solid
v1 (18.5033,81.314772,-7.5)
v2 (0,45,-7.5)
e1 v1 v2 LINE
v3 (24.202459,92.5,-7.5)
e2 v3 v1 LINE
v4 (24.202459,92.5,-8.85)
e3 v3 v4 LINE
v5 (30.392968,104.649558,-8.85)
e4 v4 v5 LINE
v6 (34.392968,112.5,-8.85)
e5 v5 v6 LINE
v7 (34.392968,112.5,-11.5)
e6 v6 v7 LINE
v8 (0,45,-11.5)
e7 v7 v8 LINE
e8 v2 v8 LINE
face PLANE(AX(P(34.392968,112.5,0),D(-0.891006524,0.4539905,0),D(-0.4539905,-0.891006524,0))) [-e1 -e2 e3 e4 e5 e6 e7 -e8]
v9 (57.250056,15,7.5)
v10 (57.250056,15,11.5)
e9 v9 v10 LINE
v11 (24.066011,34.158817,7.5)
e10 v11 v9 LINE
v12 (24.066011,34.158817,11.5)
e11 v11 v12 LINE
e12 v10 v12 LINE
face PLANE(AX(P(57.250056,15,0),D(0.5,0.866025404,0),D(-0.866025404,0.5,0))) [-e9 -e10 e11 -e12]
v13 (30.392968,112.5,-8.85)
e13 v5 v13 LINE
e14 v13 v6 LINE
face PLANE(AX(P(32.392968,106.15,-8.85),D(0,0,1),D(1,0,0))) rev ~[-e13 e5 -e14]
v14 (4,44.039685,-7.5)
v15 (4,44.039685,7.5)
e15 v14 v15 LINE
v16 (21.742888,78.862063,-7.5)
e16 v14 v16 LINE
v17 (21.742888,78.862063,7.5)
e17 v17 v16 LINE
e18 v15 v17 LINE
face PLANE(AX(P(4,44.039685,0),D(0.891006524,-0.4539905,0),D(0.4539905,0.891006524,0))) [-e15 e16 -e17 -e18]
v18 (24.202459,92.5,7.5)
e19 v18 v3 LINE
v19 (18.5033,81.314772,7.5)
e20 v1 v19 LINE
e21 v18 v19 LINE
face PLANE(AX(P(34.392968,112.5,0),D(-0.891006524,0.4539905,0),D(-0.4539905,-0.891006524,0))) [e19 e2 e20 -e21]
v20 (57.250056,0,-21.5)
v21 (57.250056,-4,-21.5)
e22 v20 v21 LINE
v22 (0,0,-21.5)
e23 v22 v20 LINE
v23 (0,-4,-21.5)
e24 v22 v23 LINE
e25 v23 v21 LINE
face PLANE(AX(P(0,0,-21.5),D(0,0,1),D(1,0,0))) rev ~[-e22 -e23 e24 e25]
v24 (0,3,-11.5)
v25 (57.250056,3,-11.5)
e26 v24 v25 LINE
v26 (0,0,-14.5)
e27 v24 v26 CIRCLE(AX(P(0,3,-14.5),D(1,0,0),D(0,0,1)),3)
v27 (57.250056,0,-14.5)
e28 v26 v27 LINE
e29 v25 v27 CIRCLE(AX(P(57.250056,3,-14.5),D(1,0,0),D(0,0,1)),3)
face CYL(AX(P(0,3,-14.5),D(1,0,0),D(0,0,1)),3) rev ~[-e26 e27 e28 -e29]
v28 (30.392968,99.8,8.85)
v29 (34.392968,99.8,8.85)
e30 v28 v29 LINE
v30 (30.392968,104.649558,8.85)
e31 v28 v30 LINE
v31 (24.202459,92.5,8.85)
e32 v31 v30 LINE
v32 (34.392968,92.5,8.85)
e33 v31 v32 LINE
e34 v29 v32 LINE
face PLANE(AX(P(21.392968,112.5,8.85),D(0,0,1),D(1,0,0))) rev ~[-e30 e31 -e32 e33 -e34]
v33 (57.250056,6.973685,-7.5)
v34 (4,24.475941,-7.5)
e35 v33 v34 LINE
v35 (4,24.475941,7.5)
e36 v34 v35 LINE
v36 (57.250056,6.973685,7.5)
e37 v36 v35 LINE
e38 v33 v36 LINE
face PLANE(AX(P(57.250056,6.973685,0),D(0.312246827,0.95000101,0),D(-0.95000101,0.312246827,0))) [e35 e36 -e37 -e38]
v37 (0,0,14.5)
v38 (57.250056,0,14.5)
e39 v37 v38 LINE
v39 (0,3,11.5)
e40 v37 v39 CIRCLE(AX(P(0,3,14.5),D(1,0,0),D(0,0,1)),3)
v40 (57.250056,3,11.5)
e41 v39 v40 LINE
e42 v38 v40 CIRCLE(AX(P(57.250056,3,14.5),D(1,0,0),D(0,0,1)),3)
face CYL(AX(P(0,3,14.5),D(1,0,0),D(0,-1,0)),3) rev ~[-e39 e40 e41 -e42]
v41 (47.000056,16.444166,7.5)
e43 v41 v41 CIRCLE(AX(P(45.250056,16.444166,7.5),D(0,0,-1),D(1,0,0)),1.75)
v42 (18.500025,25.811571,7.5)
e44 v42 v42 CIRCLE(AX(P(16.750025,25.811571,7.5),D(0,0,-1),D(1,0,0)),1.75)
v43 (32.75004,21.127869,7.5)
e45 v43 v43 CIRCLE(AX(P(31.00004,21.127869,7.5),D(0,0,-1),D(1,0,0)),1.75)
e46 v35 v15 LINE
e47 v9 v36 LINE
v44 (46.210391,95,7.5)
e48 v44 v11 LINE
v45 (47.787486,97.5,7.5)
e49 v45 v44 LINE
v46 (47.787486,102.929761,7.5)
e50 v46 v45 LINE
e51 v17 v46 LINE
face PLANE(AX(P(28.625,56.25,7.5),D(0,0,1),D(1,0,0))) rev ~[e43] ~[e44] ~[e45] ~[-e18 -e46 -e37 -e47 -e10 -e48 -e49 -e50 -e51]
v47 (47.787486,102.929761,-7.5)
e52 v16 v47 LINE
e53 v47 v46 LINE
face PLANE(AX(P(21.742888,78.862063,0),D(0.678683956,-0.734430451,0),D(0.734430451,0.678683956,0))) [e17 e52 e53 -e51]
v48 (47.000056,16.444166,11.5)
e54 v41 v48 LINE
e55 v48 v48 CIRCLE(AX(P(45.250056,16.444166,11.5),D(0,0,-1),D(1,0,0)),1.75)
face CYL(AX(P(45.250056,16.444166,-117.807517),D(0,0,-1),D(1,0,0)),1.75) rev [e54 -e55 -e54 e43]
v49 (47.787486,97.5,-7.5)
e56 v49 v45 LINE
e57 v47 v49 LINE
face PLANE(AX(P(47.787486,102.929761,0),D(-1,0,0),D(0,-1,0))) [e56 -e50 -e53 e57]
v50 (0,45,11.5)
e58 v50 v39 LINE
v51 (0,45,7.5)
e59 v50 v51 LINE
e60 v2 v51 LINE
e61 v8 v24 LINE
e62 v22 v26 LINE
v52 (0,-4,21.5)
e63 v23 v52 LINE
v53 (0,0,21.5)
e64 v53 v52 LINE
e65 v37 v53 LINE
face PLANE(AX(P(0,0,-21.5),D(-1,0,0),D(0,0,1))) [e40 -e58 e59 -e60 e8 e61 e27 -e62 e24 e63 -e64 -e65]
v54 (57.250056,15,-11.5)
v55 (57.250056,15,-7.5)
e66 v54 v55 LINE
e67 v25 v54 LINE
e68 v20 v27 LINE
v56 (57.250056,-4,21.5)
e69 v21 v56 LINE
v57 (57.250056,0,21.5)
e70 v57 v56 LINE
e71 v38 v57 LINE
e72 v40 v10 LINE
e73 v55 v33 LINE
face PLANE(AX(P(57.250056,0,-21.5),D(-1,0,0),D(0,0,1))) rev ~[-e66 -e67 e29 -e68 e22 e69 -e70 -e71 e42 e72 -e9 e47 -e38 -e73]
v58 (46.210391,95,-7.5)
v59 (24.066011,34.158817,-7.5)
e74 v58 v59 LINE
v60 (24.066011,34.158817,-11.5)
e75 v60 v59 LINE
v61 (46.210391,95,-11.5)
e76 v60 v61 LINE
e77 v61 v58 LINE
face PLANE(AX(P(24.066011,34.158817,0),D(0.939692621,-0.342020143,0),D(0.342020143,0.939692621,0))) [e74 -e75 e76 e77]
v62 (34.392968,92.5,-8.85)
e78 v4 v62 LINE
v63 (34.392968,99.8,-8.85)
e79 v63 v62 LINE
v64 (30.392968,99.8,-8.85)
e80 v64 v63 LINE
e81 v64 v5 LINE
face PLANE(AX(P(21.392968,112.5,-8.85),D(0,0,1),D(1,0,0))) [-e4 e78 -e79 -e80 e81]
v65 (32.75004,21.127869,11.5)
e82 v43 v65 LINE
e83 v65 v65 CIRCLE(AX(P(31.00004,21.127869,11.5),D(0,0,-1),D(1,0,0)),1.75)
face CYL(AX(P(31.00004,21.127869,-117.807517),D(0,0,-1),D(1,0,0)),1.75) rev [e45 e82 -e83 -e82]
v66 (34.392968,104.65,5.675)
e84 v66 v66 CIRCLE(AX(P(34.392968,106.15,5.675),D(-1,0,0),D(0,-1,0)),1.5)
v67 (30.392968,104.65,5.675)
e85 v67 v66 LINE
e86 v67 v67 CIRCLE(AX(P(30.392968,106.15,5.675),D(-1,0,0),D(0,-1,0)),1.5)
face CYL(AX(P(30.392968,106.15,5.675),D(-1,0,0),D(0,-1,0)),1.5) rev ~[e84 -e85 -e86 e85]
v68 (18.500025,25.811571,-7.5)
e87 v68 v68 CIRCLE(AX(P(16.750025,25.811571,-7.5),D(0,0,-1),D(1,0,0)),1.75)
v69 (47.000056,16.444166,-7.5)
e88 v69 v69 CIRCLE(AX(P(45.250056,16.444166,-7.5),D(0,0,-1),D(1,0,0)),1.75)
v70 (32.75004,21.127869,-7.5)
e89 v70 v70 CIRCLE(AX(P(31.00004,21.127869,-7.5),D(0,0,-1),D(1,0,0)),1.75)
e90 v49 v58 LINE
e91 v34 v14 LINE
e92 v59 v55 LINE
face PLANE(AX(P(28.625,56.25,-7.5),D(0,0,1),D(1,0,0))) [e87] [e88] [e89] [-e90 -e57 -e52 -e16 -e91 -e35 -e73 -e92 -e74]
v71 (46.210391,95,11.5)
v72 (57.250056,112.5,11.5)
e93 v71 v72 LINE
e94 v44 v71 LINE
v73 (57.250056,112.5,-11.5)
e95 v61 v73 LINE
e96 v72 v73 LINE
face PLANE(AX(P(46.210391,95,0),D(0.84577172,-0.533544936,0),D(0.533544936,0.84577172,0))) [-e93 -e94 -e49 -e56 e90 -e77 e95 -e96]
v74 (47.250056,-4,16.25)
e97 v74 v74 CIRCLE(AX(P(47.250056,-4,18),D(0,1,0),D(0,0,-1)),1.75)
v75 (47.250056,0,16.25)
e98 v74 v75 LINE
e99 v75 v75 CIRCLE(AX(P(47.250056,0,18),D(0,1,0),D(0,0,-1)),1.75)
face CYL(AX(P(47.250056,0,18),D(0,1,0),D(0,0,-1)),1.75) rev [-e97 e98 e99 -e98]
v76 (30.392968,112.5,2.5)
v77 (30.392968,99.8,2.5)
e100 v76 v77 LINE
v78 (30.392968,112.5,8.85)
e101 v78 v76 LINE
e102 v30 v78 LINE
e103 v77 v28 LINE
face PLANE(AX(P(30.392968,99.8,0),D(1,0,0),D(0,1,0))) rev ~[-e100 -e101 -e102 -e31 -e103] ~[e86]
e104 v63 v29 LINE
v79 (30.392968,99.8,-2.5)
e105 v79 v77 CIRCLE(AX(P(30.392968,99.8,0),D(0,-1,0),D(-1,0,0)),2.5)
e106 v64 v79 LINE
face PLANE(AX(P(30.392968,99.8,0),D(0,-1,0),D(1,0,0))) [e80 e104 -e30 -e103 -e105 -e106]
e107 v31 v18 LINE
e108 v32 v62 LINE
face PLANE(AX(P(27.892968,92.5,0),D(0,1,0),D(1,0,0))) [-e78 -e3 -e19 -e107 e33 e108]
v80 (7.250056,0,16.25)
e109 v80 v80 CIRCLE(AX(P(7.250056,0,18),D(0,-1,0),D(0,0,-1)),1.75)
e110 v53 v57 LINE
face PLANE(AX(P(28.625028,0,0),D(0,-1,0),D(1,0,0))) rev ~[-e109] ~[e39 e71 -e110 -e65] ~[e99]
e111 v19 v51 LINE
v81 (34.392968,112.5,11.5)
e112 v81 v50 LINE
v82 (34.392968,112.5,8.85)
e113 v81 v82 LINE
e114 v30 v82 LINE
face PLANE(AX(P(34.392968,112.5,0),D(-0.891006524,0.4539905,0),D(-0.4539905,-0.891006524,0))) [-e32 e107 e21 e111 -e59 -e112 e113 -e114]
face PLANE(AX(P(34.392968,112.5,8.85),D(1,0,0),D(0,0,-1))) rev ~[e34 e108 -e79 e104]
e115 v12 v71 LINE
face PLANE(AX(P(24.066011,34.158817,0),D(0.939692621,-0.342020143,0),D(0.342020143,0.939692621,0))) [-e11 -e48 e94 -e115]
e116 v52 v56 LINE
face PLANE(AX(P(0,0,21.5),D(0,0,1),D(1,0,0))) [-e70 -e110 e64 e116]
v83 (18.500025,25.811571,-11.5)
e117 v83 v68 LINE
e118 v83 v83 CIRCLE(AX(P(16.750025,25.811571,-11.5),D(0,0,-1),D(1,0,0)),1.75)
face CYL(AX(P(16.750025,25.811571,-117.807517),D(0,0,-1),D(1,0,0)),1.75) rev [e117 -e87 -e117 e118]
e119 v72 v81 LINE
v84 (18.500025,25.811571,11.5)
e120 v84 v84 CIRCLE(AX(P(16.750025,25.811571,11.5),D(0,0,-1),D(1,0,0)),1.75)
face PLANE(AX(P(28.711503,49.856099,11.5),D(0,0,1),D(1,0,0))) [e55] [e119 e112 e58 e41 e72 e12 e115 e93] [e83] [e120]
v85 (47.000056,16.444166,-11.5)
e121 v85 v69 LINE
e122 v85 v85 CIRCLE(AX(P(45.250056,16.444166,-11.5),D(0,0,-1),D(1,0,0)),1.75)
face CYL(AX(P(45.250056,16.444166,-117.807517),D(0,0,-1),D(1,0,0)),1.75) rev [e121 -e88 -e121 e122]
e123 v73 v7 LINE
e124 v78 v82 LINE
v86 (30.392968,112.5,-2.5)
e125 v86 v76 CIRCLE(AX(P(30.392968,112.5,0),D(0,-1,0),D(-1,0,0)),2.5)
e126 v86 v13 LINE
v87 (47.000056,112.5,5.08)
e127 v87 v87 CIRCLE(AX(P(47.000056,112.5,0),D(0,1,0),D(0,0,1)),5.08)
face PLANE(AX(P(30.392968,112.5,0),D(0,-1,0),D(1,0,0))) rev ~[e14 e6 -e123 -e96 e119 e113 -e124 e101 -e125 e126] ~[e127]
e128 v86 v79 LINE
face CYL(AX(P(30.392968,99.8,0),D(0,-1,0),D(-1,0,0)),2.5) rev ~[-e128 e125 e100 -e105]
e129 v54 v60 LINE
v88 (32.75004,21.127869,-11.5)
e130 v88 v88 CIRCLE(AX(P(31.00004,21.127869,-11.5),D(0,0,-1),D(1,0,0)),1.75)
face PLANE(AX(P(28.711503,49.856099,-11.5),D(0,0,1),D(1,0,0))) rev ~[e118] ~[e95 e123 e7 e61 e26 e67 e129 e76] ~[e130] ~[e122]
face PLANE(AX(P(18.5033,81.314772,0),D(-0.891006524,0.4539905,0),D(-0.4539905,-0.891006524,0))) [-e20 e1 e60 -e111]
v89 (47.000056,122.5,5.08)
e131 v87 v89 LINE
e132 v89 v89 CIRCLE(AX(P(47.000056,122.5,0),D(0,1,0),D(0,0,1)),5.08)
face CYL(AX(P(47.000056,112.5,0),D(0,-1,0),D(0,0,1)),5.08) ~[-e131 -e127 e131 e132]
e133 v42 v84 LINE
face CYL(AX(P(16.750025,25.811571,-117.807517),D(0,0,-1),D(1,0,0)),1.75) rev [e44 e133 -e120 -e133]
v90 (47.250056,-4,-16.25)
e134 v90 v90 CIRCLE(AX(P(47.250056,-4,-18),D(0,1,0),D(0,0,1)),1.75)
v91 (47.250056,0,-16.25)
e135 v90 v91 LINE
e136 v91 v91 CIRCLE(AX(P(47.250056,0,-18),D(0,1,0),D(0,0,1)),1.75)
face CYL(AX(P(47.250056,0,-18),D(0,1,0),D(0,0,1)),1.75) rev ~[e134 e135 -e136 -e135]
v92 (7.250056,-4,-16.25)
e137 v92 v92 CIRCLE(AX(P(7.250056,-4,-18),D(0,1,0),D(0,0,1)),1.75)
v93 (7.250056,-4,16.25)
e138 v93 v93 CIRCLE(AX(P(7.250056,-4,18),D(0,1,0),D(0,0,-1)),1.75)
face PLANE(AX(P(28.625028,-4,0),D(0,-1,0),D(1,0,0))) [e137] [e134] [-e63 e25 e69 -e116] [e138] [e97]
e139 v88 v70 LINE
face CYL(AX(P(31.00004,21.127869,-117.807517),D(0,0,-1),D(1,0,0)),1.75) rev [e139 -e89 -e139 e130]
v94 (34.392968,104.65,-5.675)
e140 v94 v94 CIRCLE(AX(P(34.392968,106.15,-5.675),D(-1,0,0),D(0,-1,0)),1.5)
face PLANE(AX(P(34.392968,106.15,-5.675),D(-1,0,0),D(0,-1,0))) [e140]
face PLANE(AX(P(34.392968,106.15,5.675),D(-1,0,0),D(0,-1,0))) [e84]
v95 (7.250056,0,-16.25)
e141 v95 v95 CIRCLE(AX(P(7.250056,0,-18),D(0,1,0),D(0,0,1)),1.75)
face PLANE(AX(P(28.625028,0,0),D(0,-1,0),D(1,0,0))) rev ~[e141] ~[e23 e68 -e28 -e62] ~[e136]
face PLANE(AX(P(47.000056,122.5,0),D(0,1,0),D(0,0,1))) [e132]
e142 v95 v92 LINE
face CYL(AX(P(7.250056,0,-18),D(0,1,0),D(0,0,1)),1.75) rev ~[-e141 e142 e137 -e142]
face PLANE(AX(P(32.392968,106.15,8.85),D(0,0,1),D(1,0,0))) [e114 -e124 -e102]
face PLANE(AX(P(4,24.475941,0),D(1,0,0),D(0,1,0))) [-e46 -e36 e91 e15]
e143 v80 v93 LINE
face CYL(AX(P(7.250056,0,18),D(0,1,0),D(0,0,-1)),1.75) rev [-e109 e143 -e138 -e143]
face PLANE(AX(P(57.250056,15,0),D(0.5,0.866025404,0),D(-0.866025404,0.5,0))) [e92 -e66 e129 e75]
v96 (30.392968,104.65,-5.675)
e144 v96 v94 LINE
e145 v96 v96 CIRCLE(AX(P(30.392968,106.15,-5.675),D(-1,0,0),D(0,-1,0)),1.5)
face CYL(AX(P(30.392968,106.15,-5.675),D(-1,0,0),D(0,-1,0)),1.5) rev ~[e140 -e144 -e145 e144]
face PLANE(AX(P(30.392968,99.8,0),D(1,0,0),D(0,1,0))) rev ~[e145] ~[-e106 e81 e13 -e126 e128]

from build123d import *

# Parameters (mm, degrees)
BOSS_EXTRUDE1_DEPTH     = 11.5
SKETCH2_OUTSIDE_W       = 84.912
SKETCH2_OUTSIDE_H       = 140.162
CUT_EXTRUDE2_DEPTH      = 7.5
CUT_EXTRUDE3_DEPTH      = 129.307516771
CUT_EXTRUDE3_DEPTH_BACK = 129.307516771
SKETCH4_R               = 1.75
SKETCH5_W               = 57.250055546
SKETCH5_H               = 43
BOSS_EXTRUDE2_DEPTH     = 4
SKETCH6_R               = 1.75
CUT_EXTRUDE4_DEPTH      = 129.047135306
FILLET1_R               = 3
SKETCH7_R               = 5.08
BOSS_EXTRUDE3_DEPTH     = 10
SKETCH11_W              = 13
SKETCH11_H              = 17.7
CUT_EXTRUDE7_DEPTH      = 20
SKETCH8_W               = 4
SKETCH8_H               = 12.7
BOSS_EXTRUDE4_DEPTH     = 8.85
SKETCH9_R               = 2.5
CUT_EXTRUDE5_DEPTH      = 116.967836159
SKETCH10_R              = 1.5
CUT_EXTRUDE6_DEPTH      = 4


with BuildPart() as part:
    # Sketch1 → Boss-Extrude1 (new, symmetric)
    with BuildSketch(Plane.XY):
        Polygon((0, 45), (0, 0), (57.250055546, 0), (57.250055546, 15), (24.066011022, 34.158817039), (46.210390637, 95), (57.250055546, 112.5), (34.392967841, 112.5), align=None)
    extrude(amount=BOSS_EXTRUDE1_DEPTH, both=True)

    # Sketch2 outside → Cut-Extrude2 (cut, symmetric)
    with BuildSketch(Plane.XY):
        with Locations((28.625, 56.25)):
            Rectangle(SKETCH2_OUTSIDE_W, SKETCH2_OUTSIDE_H)
        Polygon((4, 44.039684964), (21.742887775, 78.862062909), (47.787485624, 102.92976146), (47.787485624, 97.5), (57.250055546, 112.5), (52.250055546, 112.5), (18.50330035, 81.314771653), (0, 45), (0, 0), (57.250055546, 0), (57.250055546, 6.97368477), (4, 24.475940791), align=None, mode=Mode.SUBTRACT)
        Polygon((18.50330035, 81.314771653), (52.250055546, 112.5), (34.392967841, 112.5), align=None, mode=Mode.SUBTRACT)
    extrude(amount=CUT_EXTRUDE2_DEPTH, both=True, mode=Mode.SUBTRACT)

    # Sketch4 → Cut-Extrude3 (cut, two sides: drawn at the far end of the back side and taken through both)
    with BuildSketch(Plane.XY.offset(11.5).offset(-CUT_EXTRUDE3_DEPTH_BACK)):
        with Locations((45.250055546, 16.444166257)):
            Circle(SKETCH4_R)
        with Locations((31.000040397, 21.127868666)):
            Circle(SKETCH4_R)
        with Locations((16.750025248, 25.811571075)):
            Circle(SKETCH4_R)
    extrude(amount=CUT_EXTRUDE3_DEPTH + CUT_EXTRUDE3_DEPTH_BACK, mode=Mode.SUBTRACT)

    # Sketch5 → Boss-Extrude2 (add)
    with BuildSketch(Plane.XZ):
        with Locations((28.625027773, 0)):
            Rectangle(SKETCH5_W, SKETCH5_H)
    extrude(amount=BOSS_EXTRUDE2_DEPTH)

    # Sketch6 → Cut-Extrude4 (cut, symmetric)
    with BuildSketch(Plane(origin=(0, 0, 0), x_dir=(1, 0, 0), z_dir=(0, 1, 0))):
        with Locations(Location((7.250055546, 18, 0), (0, 0, 270))):
            Circle(SKETCH6_R)
        with Locations(Location((47.250055546, 18, 0), (0, 0, 270))):
            Circle(SKETCH6_R)
    cut_extrude4 = extrude(amount=CUT_EXTRUDE4_DEPTH, both=True, mode=Mode.SUBTRACT)

    # Mirror5: Cut-Extrude4 across plane
    add(cut_extrude4.mirror(Plane.XY), mode=Mode.SUBTRACT)

    # Fillet1
    fillet1_edges = [part.edges().sort_by_distance(p)[0] for p in [
        (28.625027773, 0, 11.5),
        (28.625027773, 0, -11.5),
    ]]
    fillet(fillet1_edges, radius=FILLET1_R)

    # Sketch7 → Boss-Extrude3 (add)
    with BuildSketch(Plane(origin=(0, 112.5, 0), x_dir=(1, 0, 0), z_dir=(0, 1, 0))):
        with Locations(Location((47.000055546, 0, 0), (0, 0, 270))):
            Circle(SKETCH7_R)
    extrude(amount=BOSS_EXTRUDE3_DEPTH)

    # Sketch11 → Cut-Extrude7 (cut)
    with BuildSketch(Plane(origin=(0, 112.5, 0), x_dir=(1, 0, 0), z_dir=(0, 1, 0))):
        with Locations((27.892967841, 0)):
            Rectangle(SKETCH11_W, SKETCH11_H)
    extrude(amount=-CUT_EXTRUDE7_DEPTH, mode=Mode.SUBTRACT)

    # Sketch8 → Boss-Extrude4 (add, symmetric)
    with BuildSketch(Plane.XY):
        with Locations((32.392967841, 106.15)):
            Rectangle(SKETCH8_W, SKETCH8_H)
    extrude(amount=BOSS_EXTRUDE4_DEPTH, both=True)

    # Sketch9 → Cut-Extrude5 (cut, through all)
    with BuildSketch(Plane(origin=(47.030298994, 99.8, 0), x_dir=(-1, 0, 0), z_dir=(0, -1, 0))):
        with Locations((16.637331153, 0)):
            Circle(SKETCH9_R)
    extrude(amount=-CUT_EXTRUDE5_DEPTH, mode=Mode.SUBTRACT)

    # Sketch10 → Cut-Extrude6 (cut)
    with BuildSketch(Plane(origin=(30.392967841, -1.431684556, 0), x_dir=(0, 0, 1), z_dir=(-1, 0, 0))):
        with Locations(Location((-5.675, 107.581684556, 0), (0, 0, 270))):
            Circle(SKETCH10_R)
        with Locations(Location((5.675, 107.581684556, 0), (0, 0, 270))):
            Circle(SKETCH10_R)
    extrude(amount=-CUT_EXTRUDE6_DEPTH, mode=Mode.SUBTRACT)


solid = part.part
